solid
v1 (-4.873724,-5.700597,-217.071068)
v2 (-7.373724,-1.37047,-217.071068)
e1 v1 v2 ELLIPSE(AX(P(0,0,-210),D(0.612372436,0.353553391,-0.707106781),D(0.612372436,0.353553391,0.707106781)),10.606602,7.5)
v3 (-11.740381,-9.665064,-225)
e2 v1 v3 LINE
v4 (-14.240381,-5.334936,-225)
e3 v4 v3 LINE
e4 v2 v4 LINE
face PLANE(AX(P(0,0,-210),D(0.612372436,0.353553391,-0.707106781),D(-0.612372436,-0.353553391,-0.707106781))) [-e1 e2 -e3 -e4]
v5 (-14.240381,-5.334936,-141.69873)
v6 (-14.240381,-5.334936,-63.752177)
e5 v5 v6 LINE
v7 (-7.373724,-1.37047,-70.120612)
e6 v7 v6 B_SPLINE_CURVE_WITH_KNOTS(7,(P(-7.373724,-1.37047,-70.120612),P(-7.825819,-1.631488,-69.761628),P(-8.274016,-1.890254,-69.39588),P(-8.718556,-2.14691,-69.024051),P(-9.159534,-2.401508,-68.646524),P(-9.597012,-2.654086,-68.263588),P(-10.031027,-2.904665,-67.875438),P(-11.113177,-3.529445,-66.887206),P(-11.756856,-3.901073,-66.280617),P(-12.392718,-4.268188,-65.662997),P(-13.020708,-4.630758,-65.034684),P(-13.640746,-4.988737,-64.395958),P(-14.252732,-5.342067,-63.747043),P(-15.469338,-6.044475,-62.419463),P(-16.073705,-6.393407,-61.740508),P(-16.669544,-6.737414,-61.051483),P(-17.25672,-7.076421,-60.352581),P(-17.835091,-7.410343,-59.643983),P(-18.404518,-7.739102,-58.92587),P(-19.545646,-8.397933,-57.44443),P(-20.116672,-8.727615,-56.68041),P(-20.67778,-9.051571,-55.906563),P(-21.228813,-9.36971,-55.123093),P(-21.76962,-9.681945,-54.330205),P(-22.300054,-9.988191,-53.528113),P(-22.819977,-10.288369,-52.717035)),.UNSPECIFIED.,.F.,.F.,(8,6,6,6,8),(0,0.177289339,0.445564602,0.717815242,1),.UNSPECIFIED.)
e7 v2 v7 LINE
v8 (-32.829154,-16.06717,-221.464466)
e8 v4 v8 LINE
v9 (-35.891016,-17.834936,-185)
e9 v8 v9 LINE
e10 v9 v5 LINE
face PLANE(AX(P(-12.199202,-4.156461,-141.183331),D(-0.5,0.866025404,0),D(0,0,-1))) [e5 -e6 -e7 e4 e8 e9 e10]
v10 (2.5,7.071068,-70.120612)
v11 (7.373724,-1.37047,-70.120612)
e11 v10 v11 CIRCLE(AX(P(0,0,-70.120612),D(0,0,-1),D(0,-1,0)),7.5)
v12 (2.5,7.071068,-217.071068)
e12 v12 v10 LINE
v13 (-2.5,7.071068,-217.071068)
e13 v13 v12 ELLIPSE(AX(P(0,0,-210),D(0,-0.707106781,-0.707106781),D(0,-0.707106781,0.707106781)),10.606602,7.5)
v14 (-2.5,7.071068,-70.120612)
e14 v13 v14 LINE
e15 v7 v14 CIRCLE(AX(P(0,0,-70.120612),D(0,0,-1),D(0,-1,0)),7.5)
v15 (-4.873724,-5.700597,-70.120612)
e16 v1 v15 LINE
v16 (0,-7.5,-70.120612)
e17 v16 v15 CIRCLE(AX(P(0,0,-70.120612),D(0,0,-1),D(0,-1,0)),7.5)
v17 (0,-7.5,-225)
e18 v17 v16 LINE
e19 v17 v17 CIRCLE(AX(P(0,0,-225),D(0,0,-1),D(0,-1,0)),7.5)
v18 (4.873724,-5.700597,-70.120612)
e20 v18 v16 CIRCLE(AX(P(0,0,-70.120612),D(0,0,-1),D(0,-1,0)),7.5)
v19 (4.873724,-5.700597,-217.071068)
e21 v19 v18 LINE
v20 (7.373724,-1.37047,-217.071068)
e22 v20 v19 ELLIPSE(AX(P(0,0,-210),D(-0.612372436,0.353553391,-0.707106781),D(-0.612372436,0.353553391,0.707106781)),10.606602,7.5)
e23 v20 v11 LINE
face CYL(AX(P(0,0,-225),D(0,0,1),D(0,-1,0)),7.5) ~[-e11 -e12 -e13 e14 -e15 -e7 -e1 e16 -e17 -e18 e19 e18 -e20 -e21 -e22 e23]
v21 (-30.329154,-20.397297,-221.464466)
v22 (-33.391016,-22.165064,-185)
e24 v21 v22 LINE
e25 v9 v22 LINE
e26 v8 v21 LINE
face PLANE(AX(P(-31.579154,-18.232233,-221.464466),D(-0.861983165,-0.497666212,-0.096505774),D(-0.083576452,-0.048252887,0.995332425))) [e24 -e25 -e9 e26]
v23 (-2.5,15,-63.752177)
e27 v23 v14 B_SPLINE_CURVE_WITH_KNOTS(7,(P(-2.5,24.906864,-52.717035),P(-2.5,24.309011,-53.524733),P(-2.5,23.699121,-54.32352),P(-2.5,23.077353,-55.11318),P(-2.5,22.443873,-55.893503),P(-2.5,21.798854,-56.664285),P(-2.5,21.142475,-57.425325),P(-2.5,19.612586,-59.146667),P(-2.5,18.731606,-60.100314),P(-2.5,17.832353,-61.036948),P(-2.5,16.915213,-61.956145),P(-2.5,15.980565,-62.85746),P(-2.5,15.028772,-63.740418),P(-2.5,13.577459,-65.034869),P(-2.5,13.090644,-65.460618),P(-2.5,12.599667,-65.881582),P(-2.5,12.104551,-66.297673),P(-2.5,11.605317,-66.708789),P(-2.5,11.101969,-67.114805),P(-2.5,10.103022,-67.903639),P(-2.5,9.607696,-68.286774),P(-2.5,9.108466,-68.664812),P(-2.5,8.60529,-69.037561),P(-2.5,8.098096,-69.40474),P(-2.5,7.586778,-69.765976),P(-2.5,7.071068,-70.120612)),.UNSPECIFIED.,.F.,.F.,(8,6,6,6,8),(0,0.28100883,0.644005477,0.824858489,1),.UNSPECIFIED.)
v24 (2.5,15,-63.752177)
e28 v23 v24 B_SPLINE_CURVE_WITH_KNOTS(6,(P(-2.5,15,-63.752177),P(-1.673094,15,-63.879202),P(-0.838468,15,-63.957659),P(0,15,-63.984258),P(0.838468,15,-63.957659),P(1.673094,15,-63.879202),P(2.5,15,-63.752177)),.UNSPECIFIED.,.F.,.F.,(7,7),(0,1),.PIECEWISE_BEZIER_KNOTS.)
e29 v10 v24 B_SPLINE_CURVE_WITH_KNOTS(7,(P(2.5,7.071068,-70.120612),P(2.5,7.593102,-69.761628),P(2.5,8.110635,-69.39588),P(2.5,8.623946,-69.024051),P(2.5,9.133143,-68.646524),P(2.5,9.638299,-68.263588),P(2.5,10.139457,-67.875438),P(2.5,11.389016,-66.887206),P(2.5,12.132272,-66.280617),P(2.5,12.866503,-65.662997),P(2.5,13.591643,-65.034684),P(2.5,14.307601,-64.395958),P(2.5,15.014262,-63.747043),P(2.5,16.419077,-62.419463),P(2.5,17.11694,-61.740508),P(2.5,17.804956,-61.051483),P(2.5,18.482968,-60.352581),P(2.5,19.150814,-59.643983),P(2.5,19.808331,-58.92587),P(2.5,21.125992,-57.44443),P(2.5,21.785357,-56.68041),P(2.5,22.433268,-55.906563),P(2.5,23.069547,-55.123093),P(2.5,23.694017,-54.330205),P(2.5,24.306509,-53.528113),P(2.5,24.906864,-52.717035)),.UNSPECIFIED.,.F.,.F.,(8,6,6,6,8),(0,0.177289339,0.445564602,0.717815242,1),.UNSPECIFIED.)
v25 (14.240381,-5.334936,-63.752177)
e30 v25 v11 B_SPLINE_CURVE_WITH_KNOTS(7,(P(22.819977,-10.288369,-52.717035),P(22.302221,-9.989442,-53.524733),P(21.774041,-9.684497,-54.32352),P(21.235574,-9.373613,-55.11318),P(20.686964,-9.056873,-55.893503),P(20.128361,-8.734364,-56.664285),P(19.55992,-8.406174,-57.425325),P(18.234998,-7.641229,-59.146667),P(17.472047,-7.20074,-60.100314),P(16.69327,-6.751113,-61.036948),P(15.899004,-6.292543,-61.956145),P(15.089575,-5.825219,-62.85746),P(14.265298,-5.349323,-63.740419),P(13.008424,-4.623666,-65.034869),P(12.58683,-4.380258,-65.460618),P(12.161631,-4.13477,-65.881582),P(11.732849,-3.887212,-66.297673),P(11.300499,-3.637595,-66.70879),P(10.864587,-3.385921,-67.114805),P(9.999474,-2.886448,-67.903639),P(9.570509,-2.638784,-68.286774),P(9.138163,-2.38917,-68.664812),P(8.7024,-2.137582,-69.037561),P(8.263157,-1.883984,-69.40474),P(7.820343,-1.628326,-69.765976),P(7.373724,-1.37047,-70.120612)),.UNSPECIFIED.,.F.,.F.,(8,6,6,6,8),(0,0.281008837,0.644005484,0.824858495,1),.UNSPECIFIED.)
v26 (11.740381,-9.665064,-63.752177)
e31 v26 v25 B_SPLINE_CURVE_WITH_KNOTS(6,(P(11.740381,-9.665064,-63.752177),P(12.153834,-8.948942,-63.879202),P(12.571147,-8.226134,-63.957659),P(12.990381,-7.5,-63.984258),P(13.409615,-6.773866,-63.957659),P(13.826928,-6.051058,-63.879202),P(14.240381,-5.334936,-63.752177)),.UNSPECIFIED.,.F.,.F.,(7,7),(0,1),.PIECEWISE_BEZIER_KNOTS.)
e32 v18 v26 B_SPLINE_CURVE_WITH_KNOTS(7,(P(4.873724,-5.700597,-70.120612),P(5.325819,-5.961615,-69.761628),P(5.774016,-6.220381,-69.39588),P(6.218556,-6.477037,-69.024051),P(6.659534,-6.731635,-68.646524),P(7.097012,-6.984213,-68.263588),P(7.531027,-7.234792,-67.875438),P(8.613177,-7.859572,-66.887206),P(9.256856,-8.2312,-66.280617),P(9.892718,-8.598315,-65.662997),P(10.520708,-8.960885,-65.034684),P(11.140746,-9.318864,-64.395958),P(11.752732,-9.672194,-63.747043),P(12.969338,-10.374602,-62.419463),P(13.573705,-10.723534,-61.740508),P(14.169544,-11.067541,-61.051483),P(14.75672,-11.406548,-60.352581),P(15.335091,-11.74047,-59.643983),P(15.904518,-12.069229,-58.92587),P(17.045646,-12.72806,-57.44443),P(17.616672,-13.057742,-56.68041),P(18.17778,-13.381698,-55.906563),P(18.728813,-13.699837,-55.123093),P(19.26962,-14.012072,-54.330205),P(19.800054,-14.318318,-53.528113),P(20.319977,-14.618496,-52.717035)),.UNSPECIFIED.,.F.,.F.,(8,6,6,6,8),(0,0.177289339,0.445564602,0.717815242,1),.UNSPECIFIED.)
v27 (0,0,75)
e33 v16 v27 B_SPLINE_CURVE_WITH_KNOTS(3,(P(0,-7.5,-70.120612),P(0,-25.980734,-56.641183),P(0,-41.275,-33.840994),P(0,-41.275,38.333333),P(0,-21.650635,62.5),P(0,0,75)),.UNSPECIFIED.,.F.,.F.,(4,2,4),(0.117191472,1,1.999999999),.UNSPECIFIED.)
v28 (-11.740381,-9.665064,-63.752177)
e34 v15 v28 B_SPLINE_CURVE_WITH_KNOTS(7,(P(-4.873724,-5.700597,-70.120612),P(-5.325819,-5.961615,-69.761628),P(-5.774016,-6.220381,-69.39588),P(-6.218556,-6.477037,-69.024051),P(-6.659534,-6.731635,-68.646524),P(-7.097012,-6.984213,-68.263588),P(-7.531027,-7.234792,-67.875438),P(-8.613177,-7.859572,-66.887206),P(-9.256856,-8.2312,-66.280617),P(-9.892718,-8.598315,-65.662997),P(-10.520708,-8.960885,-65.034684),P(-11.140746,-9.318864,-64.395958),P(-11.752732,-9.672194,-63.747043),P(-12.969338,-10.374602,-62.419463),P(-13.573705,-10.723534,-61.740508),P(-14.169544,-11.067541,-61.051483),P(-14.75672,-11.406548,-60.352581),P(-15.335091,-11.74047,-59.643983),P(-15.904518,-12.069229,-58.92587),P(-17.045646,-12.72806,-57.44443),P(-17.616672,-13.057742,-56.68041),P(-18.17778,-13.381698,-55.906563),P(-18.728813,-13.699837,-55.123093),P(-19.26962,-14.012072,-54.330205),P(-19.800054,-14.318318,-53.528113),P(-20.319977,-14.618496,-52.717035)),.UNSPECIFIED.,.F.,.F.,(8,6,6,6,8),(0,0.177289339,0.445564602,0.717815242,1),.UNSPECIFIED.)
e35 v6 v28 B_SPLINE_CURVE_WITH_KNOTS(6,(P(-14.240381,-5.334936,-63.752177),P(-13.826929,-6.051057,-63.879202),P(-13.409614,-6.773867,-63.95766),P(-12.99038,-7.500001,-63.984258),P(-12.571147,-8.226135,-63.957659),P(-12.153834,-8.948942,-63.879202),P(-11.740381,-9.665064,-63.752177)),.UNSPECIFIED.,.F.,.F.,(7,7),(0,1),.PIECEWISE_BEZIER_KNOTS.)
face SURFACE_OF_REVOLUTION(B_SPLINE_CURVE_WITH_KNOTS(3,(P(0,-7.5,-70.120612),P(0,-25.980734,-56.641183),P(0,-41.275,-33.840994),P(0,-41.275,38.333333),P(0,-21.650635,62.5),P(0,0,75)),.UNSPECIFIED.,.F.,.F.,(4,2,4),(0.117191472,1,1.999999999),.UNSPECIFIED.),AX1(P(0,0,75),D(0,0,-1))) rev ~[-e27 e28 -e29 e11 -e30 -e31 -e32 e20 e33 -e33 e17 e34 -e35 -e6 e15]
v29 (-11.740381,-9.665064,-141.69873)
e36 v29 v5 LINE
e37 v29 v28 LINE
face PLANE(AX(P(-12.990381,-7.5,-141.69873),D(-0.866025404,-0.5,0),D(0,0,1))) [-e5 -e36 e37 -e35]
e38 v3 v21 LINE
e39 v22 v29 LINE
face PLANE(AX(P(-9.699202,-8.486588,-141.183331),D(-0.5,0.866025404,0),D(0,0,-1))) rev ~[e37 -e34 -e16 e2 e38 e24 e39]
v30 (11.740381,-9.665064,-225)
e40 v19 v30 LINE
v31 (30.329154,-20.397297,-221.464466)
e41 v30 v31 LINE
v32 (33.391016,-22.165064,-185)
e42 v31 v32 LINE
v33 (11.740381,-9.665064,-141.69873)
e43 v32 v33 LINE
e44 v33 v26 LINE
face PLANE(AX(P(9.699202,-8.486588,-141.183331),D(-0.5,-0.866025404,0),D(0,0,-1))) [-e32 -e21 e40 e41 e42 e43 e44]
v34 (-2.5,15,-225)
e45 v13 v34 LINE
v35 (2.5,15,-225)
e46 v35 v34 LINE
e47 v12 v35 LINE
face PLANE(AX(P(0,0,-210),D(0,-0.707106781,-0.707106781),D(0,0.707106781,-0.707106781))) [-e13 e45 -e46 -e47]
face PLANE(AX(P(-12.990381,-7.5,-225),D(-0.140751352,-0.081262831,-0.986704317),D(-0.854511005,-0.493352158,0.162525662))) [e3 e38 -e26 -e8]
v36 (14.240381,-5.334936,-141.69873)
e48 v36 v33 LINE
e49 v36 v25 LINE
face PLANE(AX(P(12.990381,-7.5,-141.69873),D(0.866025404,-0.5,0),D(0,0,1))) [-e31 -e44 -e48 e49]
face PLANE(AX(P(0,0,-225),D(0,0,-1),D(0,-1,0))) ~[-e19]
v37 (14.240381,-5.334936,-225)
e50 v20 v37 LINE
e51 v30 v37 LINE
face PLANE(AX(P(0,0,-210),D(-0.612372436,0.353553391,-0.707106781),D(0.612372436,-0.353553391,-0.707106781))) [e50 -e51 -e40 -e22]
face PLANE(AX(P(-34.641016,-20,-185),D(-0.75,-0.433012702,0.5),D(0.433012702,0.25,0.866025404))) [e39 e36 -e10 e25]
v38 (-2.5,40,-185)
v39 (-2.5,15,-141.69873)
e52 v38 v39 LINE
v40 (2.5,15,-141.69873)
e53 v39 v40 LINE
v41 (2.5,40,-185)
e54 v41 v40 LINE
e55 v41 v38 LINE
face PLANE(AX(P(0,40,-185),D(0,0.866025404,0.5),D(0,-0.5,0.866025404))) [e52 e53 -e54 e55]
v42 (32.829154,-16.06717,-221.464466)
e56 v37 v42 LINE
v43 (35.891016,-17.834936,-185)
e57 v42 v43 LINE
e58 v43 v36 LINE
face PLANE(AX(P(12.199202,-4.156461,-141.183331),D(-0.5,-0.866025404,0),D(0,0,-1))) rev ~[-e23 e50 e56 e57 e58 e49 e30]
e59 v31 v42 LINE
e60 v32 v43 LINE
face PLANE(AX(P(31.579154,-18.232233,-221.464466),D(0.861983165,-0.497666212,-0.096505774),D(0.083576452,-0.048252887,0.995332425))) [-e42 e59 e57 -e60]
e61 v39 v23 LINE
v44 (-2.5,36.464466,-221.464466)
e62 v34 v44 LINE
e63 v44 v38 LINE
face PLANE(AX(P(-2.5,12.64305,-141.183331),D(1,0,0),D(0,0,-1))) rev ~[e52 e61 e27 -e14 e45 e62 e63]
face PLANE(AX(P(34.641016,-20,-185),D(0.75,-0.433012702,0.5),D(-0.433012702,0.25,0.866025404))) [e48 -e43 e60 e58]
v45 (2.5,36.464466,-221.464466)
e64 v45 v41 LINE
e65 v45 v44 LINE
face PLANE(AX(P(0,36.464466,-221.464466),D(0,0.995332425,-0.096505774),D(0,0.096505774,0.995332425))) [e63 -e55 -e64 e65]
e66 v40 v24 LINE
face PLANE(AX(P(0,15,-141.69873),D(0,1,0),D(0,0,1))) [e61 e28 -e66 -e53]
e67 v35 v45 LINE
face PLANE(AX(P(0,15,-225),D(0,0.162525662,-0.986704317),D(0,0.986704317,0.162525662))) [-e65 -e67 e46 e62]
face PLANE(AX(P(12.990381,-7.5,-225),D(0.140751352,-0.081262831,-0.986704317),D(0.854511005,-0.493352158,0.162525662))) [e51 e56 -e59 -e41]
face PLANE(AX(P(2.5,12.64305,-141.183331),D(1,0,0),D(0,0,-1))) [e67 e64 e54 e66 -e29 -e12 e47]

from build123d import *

# Parameters (mm, degrees)
BOSS_EXTRUDE1_DEPTH = 2.5
CIRPATTERN2_COUNT   = 3


with BuildPart() as part:
    # Sketch1 → Revolve1 (revolve)
    with BuildSketch(Plane(origin=(0, 0, 0), x_dir=(0, 0, -1), z_dir=(1, 0, 0)), mode=Mode.PRIVATE) as revolve1_sk:
        with BuildLine():
            Line((225, 0), (225, 7.5))
            Line((225, 7.5), (70.12061166, 7.5))
            add(Edge.make_bspline(
                [(70.12061166, 7.5), (56.641182796, 25.980733589), (33.840993592, 41.275), (0, 41.275)],
                knots=[0.117191472, 0.117191472, 0.117191472, 0.117191472, 1, 1, 1, 1], degree=3))
            add(Edge.make_bspline(
                [(-75, 0), (-62.5, 21.650635095), (-38.333333333, 41.275), (0, 41.275)],
                knots=[0, 0, 0, 0, 1, 1, 1, 1], degree=3))
            Line((-75, 0), (225, 0))
        make_face()
    revolve(revolve1_sk.sketch.rotate(Axis((0, 0, 75), (0, 0, -1)), 180), axis=Axis((0, 0, 75), (0, 0, -1)))

    # Sketch2 → Boss-Extrude1 (add, symmetric)
    with BuildSketch(Plane(origin=(0, 0, 0), x_dir=(0, 0, -1), z_dir=(1, 0, 0))):
        Polygon((185, 40), (141.698729811, 15), (52.71703536, 15), (52.71703536, 0), (210, 0), (225, 15), (221.464466094, 36.464466094), align=None)
    boss_extrude1 = extrude(amount=BOSS_EXTRUDE1_DEPTH, both=True)

    # CirPattern2: Boss-Extrude1 ×3 about axis
    cirpattern2_axis = Axis((0, 0, 0), (0, 0, 1))
    for i in range(1, CIRPATTERN2_COUNT):
        add(boss_extrude1.rotate(cirpattern2_axis, i * 360 / CIRPATTERN2_COUNT))


solid = part.part
